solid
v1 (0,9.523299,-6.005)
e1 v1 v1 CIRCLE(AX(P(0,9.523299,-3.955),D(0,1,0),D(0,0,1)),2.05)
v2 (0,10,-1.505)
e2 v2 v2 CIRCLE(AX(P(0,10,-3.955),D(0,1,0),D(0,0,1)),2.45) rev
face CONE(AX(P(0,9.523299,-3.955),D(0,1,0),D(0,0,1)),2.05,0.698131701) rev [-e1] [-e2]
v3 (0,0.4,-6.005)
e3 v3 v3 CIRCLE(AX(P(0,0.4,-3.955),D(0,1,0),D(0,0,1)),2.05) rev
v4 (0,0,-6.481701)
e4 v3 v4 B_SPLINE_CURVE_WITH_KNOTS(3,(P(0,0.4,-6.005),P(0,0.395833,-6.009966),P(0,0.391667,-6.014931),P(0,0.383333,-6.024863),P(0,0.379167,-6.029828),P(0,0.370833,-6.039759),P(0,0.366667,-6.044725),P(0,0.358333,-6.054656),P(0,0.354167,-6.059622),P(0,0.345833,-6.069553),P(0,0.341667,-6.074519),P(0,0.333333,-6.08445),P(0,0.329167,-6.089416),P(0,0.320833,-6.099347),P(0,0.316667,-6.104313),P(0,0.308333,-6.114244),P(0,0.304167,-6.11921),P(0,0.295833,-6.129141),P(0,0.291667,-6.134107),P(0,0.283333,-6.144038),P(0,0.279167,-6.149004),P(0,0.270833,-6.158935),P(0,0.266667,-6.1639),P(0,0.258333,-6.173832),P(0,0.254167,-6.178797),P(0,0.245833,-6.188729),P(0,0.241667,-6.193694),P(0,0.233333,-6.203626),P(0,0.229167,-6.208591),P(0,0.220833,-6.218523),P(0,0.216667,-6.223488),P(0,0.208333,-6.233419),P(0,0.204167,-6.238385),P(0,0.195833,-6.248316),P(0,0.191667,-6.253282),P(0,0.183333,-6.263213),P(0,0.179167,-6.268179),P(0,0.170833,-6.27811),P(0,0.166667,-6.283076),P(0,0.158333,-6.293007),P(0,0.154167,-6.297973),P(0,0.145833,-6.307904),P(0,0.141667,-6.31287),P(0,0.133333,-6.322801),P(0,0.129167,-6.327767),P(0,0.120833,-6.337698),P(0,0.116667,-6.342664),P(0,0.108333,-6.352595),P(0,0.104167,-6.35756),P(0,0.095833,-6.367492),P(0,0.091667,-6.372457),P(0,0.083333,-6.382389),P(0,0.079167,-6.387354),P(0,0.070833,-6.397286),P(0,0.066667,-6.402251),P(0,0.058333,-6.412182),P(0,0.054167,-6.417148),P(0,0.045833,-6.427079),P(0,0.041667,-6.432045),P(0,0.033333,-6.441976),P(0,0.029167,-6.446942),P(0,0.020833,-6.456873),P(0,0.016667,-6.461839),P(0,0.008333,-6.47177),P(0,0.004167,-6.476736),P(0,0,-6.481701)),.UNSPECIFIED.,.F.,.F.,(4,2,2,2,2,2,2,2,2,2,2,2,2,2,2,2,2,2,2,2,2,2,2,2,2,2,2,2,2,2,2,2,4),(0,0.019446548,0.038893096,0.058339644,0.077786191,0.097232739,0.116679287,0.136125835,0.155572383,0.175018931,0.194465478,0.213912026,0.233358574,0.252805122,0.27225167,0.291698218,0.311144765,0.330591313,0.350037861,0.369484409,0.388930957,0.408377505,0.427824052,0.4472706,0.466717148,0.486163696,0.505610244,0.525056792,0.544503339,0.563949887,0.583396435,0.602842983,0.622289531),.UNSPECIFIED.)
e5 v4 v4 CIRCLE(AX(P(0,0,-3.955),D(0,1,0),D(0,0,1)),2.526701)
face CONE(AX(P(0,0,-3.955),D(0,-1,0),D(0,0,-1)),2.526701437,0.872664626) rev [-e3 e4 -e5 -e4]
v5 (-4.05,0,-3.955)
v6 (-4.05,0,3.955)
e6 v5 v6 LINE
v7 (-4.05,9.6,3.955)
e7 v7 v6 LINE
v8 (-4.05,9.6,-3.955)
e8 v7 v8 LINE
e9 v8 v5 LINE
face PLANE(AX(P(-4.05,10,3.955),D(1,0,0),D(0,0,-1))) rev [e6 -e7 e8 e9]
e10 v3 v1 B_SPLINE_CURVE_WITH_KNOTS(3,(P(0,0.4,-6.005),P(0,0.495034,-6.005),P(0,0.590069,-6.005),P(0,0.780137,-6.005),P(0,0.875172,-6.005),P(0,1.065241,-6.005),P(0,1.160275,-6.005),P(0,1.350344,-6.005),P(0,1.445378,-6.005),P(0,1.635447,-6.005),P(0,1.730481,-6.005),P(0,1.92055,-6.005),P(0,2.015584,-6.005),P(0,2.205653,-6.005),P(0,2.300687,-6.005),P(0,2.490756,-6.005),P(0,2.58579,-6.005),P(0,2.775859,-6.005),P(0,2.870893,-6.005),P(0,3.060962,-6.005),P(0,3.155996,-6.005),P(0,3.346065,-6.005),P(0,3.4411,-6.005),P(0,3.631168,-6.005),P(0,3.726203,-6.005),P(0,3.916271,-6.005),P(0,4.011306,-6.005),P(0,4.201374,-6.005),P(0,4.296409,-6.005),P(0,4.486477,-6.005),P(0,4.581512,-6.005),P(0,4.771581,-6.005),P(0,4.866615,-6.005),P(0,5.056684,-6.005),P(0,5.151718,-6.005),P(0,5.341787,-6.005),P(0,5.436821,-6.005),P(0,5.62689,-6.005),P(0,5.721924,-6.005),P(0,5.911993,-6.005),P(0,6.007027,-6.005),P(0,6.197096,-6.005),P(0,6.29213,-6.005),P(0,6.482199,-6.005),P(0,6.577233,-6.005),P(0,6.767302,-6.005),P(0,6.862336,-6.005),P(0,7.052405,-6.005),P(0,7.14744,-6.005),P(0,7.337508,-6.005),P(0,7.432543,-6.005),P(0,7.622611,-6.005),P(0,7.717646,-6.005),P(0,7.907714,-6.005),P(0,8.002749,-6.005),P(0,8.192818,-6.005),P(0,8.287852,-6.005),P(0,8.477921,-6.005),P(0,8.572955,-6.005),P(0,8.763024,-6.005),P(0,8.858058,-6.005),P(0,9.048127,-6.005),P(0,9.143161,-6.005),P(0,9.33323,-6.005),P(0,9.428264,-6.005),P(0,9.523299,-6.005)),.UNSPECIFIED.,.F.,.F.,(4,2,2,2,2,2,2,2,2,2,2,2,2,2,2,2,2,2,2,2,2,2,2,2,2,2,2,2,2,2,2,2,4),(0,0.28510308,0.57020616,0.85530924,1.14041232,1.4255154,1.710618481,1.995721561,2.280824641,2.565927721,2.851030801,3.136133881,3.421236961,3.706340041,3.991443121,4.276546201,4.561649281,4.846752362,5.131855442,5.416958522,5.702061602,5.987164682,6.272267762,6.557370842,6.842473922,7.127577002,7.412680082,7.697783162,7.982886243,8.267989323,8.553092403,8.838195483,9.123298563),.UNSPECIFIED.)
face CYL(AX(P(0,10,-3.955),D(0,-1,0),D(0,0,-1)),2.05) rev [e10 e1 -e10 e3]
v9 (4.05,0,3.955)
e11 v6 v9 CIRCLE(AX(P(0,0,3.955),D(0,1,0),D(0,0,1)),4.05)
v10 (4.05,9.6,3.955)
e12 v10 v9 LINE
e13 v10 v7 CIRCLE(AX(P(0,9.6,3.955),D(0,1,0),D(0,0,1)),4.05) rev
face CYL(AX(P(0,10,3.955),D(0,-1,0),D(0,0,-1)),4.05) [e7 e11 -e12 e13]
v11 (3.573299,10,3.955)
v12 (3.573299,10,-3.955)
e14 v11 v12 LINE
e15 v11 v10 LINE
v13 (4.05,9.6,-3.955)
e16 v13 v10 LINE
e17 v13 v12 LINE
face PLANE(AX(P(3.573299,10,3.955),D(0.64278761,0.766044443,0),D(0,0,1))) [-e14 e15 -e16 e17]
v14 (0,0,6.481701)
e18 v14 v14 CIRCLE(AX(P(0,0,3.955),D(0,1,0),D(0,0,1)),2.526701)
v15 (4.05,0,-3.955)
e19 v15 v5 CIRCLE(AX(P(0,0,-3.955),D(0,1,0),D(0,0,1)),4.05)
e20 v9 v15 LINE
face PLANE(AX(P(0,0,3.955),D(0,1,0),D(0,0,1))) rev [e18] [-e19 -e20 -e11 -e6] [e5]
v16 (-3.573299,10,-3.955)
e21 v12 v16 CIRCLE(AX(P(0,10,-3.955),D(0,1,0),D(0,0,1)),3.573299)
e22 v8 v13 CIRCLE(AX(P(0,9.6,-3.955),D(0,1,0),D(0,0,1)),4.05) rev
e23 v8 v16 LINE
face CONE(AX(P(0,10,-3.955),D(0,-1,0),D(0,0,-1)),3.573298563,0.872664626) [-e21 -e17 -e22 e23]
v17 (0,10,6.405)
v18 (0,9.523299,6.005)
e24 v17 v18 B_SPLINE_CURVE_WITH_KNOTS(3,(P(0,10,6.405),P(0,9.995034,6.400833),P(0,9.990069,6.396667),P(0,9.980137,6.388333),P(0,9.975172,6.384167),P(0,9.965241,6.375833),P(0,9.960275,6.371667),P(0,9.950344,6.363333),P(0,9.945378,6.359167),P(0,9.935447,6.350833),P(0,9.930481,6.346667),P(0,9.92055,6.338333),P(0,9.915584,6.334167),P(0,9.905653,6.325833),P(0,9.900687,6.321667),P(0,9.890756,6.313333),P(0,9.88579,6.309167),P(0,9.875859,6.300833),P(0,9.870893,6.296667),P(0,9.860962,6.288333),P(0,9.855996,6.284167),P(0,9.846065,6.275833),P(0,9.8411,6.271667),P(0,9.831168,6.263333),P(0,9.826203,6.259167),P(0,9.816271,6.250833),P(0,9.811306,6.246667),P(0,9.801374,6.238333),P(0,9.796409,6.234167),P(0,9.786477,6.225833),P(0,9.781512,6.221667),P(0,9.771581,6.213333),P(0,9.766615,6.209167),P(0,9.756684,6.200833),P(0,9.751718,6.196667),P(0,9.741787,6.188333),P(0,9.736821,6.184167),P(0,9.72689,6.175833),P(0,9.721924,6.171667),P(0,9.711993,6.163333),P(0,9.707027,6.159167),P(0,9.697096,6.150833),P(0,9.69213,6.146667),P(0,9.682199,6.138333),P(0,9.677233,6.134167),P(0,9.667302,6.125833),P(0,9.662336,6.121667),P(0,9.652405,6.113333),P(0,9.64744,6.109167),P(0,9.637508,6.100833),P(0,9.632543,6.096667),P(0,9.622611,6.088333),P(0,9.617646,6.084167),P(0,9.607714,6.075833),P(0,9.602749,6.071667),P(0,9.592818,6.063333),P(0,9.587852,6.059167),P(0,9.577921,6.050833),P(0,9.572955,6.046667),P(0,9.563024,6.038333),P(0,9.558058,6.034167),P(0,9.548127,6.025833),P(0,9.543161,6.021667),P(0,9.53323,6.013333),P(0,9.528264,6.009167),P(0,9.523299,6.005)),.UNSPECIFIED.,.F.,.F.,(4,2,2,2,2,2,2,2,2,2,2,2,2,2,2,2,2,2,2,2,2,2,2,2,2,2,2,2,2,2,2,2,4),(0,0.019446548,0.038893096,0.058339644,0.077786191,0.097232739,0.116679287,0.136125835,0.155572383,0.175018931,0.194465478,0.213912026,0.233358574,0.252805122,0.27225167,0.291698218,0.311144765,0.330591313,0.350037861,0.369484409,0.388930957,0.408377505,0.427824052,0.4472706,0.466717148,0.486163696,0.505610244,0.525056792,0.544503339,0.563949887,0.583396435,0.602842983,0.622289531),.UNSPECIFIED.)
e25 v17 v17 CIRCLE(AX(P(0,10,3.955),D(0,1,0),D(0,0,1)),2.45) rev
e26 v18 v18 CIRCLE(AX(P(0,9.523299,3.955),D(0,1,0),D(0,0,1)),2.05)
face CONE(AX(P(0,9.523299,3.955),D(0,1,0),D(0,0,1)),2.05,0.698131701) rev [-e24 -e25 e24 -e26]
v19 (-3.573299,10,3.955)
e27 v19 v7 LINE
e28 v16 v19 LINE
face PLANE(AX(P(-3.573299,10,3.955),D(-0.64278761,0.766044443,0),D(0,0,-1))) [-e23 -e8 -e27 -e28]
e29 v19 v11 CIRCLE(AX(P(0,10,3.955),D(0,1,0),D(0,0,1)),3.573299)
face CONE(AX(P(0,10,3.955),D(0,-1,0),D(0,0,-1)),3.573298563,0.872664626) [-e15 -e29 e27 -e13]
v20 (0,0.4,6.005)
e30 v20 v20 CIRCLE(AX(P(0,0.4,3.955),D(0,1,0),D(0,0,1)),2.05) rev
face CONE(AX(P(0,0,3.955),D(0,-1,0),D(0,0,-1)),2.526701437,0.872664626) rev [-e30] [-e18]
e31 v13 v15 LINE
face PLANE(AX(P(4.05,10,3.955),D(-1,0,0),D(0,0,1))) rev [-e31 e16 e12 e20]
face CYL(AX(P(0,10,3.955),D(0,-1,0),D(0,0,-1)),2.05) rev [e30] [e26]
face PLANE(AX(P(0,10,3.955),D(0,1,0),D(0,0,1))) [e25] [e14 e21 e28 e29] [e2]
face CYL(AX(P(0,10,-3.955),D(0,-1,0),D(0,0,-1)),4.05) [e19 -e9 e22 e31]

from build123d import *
from OCP.BRepFilletAPI import BRepFilletAPI_MakeChamfer

# Parameters (mm, degrees)
SKETCH1_R           = 2.05
BOSS_EXTRUDE1_DEPTH = 10
CHAMFER1_SIZE       = 0.4
CHAMFER1_SIZE2      = 0.476701437


with BuildPart() as part:
    # Sketch1 → Boss-Extrude1 (new body)
    with BuildSketch(Plane(origin=(0, 0, 0), x_dir=(1, 0, 0), z_dir=(0, 1, 0))):
        with BuildLine():
            Line((-4.05, -3.955), (-4.05, 3.955))
            ThreePointArc((-4.05, 3.955), (0, 8.005), (4.05, 3.955))
            Line((4.05, 3.955), (4.05, -3.955))
            ThreePointArc((4.05, -3.955), (0, -8.005), (-4.05, -3.955))
        make_face()
        with Locations(Location((0, 3.955, 0), (0, 0, 270))):
            Circle(SKETCH1_R, mode=Mode.SUBTRACT)
        with Locations(Location((0, -3.955, 0), (0, 0, 270))):
            Circle(SKETCH1_R, mode=Mode.SUBTRACT)
    extrude(amount=BOSS_EXTRUDE1_DEPTH)

    # Chamfer1: one chamfer whose edges measure the first distance from different faces: ONE call of the kernel's chamfer builder (chamfer() names one face for all edges)
    chamfer1_edges_1 = [part.edges().sort_by_distance(p)[0] for p in [
        (0, 0, -6.005),
    ]]
    chamfer1_side_1 = [part.faces().sort_by_distance(p)[0] for p in [
        (0, 5, -6.005),
    ]]
    chamfer1_edges_2 = [part.edges().sort_by_distance(p)[0] for p in [
        (0, 10, -6.005),
        (0, 10, 1.905),
    ]]
    chamfer1_side_2 = [part.faces().sort_by_distance(p)[0] for p in [
        (0, 10, 0),
    ]]
    chamfer1_edges_3 = [part.edges().sort_by_distance(p)[0] for p in [
        (0, 10, -8.005),
    ]]
    chamfer1_side_3 = [part.faces().sort_by_distance(p)[0] for p in [
        (0, 5, -8.005),
    ]]
    chamfer1_edges_4 = [part.edges().sort_by_distance(p)[0] for p in [
        (0, 0, 1.905),
    ]]
    chamfer1_side_4 = [part.faces().sort_by_distance(p)[0] for p in [
        (0, 5, 1.905),
    ]]
    chamfer1_edges_5 = [part.edges().sort_by_distance(p)[0] for p in [
        (-4.05, 10, 0),
    ]]
    chamfer1_side_5 = [part.faces().sort_by_distance(p)[0] for p in [
        (-4.05, 5, 0),
    ]]
    chamfer1_edges_6 = [part.edges().sort_by_distance(p)[0] for p in [
        (0, 10, 8.005),
    ]]
    chamfer1_side_6 = [part.faces().sort_by_distance(p)[0] for p in [
        (0, 5, 8.005),
    ]]
    chamfer1_edges_7 = [part.edges().sort_by_distance(p)[0] for p in [
        (4.05, 10, 0),
    ]]
    chamfer1_side_7 = [part.faces().sort_by_distance(p)[0] for p in [
        (4.05, 5, 0),
    ]]
    chamfer1 = BRepFilletAPI_MakeChamfer(part.part.solid().wrapped)
    for e in chamfer1_edges_1:
        chamfer1.Add(CHAMFER1_SIZE, CHAMFER1_SIZE2, e.wrapped, chamfer1_side_1[0].wrapped)  # the first distance lies on this face
    for e in chamfer1_edges_2:
        chamfer1.Add(CHAMFER1_SIZE, CHAMFER1_SIZE2, e.wrapped, chamfer1_side_2[0].wrapped)  # the first distance lies on this face
    for e in chamfer1_edges_3:
        chamfer1.Add(CHAMFER1_SIZE, CHAMFER1_SIZE2, e.wrapped, chamfer1_side_3[0].wrapped)  # the first distance lies on this face
    for e in chamfer1_edges_4:
        chamfer1.Add(CHAMFER1_SIZE, CHAMFER1_SIZE2, e.wrapped, chamfer1_side_4[0].wrapped)  # the first distance lies on this face
    for e in chamfer1_edges_5:
        chamfer1.Add(CHAMFER1_SIZE, CHAMFER1_SIZE2, e.wrapped, chamfer1_side_5[0].wrapped)  # the first distance lies on this face
    for e in chamfer1_edges_6:
        chamfer1.Add(CHAMFER1_SIZE, CHAMFER1_SIZE2, e.wrapped, chamfer1_side_6[0].wrapped)  # the first distance lies on this face
    for e in chamfer1_edges_7:
        chamfer1.Add(CHAMFER1_SIZE, CHAMFER1_SIZE2, e.wrapped, chamfer1_side_7[0].wrapped)  # the first distance lies on this face
    add(Compound.cast(chamfer1.Shape()), mode=Mode.REPLACE)


solid = part.part
